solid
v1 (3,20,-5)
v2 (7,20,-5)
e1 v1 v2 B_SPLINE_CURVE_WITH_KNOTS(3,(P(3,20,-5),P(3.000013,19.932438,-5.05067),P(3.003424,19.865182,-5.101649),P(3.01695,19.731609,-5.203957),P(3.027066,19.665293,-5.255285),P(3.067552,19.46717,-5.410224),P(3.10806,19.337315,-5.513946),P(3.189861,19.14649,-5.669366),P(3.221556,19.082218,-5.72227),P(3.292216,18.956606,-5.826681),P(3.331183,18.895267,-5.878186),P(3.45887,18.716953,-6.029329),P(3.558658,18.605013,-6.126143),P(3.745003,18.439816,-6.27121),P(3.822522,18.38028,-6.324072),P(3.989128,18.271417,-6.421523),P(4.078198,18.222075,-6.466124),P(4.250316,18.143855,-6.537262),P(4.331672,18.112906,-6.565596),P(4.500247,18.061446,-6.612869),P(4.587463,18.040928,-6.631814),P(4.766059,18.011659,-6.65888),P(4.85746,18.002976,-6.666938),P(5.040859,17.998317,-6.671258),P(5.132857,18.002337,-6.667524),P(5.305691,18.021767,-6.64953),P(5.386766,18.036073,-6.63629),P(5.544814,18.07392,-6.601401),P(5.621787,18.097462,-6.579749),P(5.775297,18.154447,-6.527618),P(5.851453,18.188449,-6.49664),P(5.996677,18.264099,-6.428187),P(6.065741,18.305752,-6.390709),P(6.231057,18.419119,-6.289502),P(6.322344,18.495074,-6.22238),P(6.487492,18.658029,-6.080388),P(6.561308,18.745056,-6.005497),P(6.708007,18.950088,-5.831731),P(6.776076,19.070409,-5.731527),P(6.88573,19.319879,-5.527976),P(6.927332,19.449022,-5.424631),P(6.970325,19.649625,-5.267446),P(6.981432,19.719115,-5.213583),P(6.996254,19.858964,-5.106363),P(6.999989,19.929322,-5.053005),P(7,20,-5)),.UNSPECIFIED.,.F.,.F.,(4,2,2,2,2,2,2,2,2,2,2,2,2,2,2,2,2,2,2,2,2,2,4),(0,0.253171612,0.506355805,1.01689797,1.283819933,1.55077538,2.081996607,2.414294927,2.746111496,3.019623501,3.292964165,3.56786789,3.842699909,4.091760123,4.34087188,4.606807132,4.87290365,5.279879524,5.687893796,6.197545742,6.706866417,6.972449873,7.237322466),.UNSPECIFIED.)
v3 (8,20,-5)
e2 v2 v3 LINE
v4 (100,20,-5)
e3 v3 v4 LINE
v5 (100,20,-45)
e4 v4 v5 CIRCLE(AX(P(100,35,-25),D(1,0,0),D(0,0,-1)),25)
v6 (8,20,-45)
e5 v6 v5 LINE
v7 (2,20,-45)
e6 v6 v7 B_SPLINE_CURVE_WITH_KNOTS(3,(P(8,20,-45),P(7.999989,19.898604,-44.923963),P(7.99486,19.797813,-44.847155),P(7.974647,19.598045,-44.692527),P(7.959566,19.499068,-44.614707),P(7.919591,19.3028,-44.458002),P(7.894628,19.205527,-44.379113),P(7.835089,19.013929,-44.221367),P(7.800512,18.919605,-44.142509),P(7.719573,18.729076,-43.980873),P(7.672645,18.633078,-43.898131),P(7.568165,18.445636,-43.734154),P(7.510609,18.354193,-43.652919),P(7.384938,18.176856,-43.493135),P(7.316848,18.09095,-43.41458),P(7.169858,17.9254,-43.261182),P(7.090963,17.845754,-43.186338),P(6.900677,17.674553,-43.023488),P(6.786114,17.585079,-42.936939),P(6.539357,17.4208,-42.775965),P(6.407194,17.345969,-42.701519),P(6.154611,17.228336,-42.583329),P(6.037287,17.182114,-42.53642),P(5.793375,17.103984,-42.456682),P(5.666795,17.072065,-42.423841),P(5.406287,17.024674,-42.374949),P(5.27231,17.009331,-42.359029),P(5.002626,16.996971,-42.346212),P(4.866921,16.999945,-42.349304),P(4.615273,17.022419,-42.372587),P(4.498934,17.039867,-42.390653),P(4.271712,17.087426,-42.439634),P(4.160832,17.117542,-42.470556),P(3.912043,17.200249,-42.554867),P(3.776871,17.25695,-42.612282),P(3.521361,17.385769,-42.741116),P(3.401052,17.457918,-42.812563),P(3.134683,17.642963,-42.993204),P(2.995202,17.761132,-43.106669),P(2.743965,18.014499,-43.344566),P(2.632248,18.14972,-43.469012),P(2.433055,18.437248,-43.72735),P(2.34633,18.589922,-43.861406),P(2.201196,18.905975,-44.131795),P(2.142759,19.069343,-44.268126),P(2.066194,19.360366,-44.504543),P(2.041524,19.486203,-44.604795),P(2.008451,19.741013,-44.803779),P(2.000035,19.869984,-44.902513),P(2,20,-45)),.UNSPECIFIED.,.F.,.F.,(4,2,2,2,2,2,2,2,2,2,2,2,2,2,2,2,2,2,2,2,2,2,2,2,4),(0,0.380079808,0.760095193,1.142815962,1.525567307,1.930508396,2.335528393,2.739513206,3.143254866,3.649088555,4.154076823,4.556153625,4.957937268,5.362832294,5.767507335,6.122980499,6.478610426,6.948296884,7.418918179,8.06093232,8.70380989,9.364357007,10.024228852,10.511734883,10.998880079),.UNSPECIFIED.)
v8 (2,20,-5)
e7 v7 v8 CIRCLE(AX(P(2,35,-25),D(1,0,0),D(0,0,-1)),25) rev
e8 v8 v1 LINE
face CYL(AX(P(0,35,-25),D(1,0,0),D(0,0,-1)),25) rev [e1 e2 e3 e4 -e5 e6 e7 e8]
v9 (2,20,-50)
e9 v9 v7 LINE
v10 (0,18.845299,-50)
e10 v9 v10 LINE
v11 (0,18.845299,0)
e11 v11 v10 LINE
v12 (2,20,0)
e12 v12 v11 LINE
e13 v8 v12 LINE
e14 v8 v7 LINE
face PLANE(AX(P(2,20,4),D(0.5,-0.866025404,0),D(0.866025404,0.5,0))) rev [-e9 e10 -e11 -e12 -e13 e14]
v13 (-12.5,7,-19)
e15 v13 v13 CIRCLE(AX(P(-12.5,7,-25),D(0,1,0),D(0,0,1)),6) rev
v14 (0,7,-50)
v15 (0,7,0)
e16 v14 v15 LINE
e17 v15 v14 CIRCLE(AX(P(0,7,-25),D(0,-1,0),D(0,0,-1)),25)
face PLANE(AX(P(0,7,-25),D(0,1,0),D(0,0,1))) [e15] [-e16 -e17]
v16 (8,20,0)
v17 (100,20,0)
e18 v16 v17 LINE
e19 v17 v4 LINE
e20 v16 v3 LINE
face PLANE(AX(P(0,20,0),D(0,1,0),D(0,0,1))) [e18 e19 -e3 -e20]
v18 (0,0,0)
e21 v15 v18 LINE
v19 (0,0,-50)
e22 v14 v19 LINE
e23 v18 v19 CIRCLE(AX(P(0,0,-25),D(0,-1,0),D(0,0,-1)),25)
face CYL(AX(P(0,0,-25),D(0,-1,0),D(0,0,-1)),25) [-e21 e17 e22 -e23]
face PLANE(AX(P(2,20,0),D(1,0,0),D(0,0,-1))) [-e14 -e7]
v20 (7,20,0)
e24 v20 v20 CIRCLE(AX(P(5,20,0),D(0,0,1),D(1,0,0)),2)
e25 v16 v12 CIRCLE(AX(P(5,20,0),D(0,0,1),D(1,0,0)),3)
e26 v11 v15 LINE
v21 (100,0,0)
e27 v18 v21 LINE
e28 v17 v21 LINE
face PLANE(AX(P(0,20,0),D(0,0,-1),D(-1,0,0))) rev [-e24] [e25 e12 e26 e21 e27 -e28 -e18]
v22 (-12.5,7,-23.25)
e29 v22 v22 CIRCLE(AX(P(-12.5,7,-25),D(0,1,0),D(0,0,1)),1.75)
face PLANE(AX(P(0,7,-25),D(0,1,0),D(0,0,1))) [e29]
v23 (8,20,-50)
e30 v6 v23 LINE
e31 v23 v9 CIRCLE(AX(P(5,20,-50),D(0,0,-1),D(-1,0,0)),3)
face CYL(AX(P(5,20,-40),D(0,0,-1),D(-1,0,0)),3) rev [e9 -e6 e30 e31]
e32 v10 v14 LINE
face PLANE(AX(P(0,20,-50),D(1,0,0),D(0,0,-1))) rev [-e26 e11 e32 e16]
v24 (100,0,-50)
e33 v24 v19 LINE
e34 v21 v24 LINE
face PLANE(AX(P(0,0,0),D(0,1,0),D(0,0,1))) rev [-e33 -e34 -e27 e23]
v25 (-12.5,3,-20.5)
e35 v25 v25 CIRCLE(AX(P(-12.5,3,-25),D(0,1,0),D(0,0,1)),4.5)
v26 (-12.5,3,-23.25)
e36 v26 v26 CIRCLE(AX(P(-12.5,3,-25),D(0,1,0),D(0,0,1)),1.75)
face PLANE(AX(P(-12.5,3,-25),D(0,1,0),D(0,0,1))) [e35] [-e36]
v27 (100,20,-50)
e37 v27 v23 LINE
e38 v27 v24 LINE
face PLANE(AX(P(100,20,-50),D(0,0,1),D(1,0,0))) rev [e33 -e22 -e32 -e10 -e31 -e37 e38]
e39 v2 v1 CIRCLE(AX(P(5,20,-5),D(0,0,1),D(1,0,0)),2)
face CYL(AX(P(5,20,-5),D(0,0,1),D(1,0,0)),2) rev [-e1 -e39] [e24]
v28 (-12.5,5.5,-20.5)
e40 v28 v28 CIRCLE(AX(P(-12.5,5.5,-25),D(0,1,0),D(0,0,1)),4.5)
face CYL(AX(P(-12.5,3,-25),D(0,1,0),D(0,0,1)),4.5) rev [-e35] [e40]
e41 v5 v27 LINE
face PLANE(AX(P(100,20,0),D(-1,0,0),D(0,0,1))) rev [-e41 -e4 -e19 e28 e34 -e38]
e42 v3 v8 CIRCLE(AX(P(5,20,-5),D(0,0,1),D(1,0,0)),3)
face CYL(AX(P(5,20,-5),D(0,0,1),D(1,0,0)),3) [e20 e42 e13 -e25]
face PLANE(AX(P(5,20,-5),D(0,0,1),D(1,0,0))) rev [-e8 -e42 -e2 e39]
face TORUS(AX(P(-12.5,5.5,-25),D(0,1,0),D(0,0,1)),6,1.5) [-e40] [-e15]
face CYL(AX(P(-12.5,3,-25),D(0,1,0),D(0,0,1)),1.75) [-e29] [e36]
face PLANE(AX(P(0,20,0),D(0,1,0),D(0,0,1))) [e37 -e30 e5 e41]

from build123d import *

# Parameters (mm, degrees)
SKETCH1_W           = 100
SKETCH1_H           = 50
BOSS_EXTRUDE1_DEPTH = 20
SKETCH4_W           = 25
SKETCH4_H           = 7
CUT_EXTRUDE1_DEPTH  = 100
SKETCH5_R           = 4.5
SKETCH5_R_2         = 1.75
CUT_EXTRUDE2_DEPTH  = 4
FILLET2_R           = 1.5
SKETCH6_R           = 3
SKETCH6_R_2         = 2
BOSS_EXTRUDE3_DEPTH = 5
CUT_EXTRUDE3_DEPTH  = 10
SKETCH10_R          = 3
CUT_EXTRUDE4_DEPTH  = 10
CUT_EXTRUDE5_DEPTH  = 54
BOSS_EXTRUDE4_DEPTH = 50


with BuildPart() as part:
    # Sketch1 → Boss-Extrude1 (new body)
    with BuildSketch(Plane(origin=(0, 0, 0), x_dir=(1, 0, 0), z_dir=(0, 1, 0))):
        with Locations((50, 25)):
            Rectangle(SKETCH1_W, SKETCH1_H)
    extrude(amount=BOSS_EXTRUDE1_DEPTH)

    # Sketch4 → Revolve1 (revolve)
    with BuildSketch(Plane.ZY):
        with Locations((-12.5, 3.5)):
            Rectangle(SKETCH4_W, SKETCH4_H)
    revolve(axis=Axis((0, 0, -25), (0, 1, 0)))

    # Sketch2 → Cut-Extrude1 (cut)
    with BuildSketch(Plane(origin=(100, 0, 0), x_dir=(0, 0, -1), z_dir=(1, 0, 0))):
        with BuildLine():
            Line((45, 20), (5, 20))
            ThreePointArc((5, 20), (25, 10), (45, 20))
        make_face()
    extrude(amount=-CUT_EXTRUDE1_DEPTH, mode=Mode.SUBTRACT)

    # Sketch5 → Cut-Extrude2 (cut)
    with BuildSketch(Plane(origin=(0, 7, 0), x_dir=(1, 0, 0), z_dir=(0, 1, 0))):
        with Locations((-12.5, 25)):
            Circle(SKETCH5_R)
        with Locations((-12.5, 25)):
            Circle(SKETCH5_R_2, mode=Mode.SUBTRACT)
    extrude(amount=-CUT_EXTRUDE2_DEPTH, mode=Mode.SUBTRACT)

    # Fillet2
    fillet2_edges = [part.edges().sort_by_distance(p)[0] for p in [
        (-17, 7, -25),
    ]]
    fillet(fillet2_edges, radius=FILLET2_R)

    # Sketch6 → Boss-Extrude3 (add)
    with BuildSketch(Plane.XY):
        with Locations((5, 20)):
            Circle(SKETCH6_R)
        with Locations((5, 20)):
            Circle(SKETCH6_R_2, mode=Mode.SUBTRACT)
    extrude(amount=-BOSS_EXTRUDE3_DEPTH)

    # Sketch8 → Cut-Extrude3 (cut)
    with BuildSketch(Plane.XY):
        with BuildLine():
            Line((3, 20), (7, 20))
            ThreePointArc((7, 20), (5, 18), (3, 20))
        make_face()
    extrude(amount=-CUT_EXTRUDE3_DEPTH, mode=Mode.SUBTRACT)

    # Sketch10 → Cut-Extrude4 (cut)
    with BuildSketch(Plane(origin=(0, 0, -50), x_dir=(-1, 0, 0), z_dir=(0, 0, -1))):
        with Locations((-5, 20)):
            Circle(SKETCH10_R)
    extrude(amount=-CUT_EXTRUDE4_DEPTH, mode=Mode.SUBTRACT)

    # Sketch11 → Cut-Extrude5 (cut)
    with BuildSketch(Plane(origin=(0, 0, -50), x_dir=(-1, 0, 0), z_dir=(0, 0, -1))):
        Polygon((-2, 20), (0, 18.845299462), (0, 20), align=None)
    extrude(amount=-CUT_EXTRUDE5_DEPTH, mode=Mode.SUBTRACT)

    # Sketch12 → Boss-Extrude4 (add)
    with BuildSketch(Plane(origin=(0, 0, -50), x_dir=(-1, 0, 0), z_dir=(0, 0, -1))):
        Polygon((-2, 20), (-2, 0), (0, 0), (0, 18.845299462), align=None)
    extrude(amount=-BOSS_EXTRUDE4_DEPTH)


solid = part.part
